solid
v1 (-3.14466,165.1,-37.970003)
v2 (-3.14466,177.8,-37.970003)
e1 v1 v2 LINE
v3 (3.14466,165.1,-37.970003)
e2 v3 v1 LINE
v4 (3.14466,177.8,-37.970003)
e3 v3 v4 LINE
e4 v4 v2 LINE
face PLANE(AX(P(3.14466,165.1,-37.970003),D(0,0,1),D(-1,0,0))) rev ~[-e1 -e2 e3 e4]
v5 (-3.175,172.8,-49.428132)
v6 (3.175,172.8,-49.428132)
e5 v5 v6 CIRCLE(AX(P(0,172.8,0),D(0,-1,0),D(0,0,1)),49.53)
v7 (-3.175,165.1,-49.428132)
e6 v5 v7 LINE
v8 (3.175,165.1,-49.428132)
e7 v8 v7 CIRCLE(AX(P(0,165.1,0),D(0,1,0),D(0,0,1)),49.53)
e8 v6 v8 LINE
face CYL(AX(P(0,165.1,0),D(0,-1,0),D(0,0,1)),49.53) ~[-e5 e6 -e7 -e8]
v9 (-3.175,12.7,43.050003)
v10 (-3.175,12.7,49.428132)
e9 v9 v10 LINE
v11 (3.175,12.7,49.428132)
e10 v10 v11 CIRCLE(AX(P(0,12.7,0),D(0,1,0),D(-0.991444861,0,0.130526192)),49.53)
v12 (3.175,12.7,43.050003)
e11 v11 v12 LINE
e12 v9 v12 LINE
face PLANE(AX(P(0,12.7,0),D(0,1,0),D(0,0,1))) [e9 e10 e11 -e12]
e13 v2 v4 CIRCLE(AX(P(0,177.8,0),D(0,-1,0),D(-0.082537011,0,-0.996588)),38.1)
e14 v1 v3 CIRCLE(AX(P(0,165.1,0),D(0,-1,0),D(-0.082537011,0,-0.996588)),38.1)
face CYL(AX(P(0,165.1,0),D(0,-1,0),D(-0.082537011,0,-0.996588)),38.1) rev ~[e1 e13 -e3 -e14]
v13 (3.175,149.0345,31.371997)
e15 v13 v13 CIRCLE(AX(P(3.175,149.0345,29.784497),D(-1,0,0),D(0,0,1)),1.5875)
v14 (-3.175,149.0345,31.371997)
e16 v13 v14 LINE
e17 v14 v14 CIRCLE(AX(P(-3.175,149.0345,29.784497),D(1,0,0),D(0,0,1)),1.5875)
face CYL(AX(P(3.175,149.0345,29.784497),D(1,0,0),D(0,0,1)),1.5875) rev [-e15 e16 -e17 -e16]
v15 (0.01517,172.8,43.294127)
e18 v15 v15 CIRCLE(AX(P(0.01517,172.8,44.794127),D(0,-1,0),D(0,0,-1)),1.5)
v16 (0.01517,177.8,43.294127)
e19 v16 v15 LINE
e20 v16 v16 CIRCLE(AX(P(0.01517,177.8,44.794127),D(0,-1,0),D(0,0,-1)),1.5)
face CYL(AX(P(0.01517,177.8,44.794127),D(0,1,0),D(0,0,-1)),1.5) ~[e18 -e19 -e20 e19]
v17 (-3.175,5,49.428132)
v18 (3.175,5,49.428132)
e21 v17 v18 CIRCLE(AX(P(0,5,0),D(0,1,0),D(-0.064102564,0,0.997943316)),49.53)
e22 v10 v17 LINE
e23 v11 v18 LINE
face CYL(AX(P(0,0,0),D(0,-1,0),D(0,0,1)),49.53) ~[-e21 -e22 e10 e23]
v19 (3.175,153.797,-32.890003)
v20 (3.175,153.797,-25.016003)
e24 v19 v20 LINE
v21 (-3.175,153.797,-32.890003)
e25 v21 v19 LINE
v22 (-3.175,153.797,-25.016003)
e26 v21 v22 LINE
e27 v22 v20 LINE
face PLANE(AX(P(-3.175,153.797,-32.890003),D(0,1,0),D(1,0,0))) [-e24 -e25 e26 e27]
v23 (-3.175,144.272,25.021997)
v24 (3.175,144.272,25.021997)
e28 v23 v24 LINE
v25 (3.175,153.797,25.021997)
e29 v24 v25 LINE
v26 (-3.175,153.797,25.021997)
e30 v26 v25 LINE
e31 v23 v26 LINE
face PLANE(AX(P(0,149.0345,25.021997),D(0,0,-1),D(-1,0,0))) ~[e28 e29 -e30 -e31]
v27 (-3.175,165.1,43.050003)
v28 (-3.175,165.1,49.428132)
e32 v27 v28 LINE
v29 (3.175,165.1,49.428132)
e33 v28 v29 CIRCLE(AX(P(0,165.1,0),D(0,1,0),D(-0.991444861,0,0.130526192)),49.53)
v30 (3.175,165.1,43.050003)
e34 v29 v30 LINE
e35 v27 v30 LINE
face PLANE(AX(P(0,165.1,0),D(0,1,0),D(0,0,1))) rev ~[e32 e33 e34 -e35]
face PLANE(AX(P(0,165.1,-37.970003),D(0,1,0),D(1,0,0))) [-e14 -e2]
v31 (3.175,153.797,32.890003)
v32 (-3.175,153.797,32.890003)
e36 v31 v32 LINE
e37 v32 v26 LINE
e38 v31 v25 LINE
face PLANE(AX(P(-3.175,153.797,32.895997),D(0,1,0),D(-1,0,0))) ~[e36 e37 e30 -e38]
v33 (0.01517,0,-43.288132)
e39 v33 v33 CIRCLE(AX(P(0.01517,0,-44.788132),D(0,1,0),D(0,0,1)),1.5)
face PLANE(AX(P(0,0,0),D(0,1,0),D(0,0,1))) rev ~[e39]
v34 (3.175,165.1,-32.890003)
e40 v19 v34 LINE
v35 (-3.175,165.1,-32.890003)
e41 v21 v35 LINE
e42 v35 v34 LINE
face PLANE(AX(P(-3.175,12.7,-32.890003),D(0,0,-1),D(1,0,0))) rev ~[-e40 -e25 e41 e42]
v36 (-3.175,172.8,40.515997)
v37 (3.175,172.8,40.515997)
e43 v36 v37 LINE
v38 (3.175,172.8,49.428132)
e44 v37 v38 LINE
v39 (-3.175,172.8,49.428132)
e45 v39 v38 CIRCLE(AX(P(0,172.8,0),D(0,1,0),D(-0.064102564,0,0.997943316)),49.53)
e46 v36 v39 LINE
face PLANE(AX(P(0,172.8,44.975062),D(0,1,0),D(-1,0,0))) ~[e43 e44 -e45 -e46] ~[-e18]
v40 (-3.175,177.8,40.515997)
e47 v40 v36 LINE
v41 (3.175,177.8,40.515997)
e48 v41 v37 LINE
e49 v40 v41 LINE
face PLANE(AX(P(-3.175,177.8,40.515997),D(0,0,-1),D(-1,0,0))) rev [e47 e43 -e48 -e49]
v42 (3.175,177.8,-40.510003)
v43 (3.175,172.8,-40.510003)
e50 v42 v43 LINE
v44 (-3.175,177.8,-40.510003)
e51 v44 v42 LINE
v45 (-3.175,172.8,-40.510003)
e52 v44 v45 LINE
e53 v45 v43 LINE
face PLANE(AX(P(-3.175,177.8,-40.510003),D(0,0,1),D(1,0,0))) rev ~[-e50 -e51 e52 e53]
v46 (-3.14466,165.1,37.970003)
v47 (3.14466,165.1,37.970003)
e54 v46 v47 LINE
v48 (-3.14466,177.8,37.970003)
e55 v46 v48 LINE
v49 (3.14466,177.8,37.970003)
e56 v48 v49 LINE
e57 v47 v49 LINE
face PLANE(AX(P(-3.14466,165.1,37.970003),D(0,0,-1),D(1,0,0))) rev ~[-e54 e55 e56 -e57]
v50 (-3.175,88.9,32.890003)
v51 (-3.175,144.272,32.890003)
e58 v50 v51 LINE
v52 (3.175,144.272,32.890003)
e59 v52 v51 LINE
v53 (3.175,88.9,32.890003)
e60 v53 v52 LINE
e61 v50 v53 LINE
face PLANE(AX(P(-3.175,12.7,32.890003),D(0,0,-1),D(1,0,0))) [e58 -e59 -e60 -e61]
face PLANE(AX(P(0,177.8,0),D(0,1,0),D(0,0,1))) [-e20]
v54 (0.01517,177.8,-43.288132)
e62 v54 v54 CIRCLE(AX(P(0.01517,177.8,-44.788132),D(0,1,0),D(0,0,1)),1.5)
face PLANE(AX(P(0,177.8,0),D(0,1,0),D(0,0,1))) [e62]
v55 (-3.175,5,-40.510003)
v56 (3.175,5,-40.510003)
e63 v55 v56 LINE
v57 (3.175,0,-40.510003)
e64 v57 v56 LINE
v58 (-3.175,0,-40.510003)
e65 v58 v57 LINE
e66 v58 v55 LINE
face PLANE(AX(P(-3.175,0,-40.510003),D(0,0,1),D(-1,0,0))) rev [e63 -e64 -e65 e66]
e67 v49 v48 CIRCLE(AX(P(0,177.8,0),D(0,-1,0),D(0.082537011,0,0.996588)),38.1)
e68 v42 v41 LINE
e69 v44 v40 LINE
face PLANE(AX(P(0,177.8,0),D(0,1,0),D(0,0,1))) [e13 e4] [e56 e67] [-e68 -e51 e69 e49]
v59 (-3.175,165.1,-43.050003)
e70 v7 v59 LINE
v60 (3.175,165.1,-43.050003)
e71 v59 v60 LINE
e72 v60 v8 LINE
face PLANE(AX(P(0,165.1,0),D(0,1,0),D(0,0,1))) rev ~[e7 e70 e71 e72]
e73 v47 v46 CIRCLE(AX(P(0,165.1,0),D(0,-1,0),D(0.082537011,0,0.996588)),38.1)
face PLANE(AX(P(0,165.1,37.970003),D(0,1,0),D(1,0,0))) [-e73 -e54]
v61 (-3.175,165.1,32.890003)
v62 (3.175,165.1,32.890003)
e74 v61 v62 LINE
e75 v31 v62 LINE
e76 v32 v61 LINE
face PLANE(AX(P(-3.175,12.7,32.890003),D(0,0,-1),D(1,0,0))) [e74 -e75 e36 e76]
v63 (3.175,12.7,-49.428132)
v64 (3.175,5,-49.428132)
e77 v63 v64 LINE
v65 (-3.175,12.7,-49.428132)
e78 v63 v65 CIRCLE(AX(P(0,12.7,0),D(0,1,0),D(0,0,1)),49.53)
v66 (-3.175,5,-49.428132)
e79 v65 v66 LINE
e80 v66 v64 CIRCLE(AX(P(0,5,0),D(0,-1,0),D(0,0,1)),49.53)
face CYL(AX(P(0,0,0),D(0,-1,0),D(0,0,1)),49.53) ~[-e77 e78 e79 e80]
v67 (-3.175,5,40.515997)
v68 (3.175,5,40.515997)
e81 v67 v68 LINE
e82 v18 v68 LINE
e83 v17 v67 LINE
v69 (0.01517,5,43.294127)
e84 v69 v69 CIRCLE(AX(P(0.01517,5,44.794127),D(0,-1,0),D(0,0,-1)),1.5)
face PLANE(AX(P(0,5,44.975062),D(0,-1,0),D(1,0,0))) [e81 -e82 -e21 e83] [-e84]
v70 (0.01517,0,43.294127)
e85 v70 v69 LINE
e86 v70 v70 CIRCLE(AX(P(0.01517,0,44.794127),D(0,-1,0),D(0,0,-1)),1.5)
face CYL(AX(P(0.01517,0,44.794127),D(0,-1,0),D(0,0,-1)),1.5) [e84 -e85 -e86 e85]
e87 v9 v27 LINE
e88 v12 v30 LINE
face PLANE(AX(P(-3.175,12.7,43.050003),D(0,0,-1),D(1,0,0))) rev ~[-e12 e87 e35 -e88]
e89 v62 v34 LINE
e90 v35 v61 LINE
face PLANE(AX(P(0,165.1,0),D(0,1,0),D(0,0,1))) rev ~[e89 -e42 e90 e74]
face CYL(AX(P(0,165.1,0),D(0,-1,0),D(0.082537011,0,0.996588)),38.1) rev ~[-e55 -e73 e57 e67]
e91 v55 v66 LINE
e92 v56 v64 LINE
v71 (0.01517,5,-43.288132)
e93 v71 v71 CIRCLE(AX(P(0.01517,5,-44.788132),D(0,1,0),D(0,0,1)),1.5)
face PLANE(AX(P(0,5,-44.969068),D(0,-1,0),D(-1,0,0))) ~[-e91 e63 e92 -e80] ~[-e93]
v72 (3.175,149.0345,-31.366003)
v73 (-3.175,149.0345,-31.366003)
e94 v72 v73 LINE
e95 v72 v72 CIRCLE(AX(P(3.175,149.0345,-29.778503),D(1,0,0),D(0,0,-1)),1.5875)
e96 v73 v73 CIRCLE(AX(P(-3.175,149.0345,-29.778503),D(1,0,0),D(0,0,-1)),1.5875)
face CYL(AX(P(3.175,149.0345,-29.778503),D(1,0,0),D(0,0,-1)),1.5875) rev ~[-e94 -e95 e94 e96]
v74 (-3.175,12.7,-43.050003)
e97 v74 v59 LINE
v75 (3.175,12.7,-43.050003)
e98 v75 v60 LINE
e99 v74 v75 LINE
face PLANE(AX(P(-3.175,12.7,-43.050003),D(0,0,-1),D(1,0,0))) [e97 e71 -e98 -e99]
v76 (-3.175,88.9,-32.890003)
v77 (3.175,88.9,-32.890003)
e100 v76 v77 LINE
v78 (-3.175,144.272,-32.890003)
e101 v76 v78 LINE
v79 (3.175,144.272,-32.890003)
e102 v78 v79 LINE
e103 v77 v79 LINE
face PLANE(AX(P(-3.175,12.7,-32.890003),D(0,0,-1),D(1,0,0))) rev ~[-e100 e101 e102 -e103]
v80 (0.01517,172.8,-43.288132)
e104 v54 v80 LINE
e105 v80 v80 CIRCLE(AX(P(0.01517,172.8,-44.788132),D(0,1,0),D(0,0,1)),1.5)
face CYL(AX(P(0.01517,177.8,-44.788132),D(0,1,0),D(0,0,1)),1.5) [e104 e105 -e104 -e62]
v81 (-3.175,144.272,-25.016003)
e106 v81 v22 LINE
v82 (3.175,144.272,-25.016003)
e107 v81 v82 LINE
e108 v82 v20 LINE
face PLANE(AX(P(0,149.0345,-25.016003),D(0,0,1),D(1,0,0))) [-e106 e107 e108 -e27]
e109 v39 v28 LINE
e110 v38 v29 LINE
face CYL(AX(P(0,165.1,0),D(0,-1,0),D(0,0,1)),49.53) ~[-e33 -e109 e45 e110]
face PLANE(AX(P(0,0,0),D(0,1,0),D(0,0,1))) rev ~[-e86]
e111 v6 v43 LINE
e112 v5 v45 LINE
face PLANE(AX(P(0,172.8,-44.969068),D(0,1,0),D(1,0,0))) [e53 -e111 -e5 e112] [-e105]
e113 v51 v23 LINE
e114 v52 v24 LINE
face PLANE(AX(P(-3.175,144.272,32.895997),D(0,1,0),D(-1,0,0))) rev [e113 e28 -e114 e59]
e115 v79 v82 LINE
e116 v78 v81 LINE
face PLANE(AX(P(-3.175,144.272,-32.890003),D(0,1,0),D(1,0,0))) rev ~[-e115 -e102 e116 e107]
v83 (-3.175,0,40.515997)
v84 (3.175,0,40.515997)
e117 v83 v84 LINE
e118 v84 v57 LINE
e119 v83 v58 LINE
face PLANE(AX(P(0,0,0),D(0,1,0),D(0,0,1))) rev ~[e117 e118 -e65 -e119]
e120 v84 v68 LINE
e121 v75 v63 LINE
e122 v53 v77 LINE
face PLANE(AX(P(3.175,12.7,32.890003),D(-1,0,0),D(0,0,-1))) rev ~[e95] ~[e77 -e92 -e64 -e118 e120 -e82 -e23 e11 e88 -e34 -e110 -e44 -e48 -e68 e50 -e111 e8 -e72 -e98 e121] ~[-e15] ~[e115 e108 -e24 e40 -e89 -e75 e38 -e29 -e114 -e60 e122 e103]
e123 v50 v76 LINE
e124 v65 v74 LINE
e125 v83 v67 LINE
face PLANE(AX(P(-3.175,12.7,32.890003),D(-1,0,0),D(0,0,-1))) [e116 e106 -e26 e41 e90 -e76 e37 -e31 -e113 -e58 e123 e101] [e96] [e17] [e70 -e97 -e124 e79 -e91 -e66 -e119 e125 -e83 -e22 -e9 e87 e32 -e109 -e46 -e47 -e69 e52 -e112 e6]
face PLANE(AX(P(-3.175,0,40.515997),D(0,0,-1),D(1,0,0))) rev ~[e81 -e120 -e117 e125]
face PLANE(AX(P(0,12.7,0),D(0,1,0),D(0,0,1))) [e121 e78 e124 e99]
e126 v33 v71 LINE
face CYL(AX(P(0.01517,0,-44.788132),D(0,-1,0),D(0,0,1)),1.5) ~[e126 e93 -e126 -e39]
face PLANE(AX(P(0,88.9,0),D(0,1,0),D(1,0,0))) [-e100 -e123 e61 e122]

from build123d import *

# Parameters (mm, degrees)
SKETCH1_R               = 49.53
SKETCH1_R_2             = 38.1
BOSS_EXTRUDE1_DEPTH     = 12.7
SKETCH4_W               = 6.35
SKETCH4_H               = 10.16
BOSS_EXTRUDE4_DEPTH     = 152.4
SKETCH6_R               = 49.53
BOSS_EXTRUDE8_DEPTH     = 12.7
CUT_EXTRUDE1_DEPTH      = 192.10018786
CUT_EXTRUDE1_DEPTH_BACK = 192.10018786
SKETCH8_W               = 6.35
SKETCH8_H               = 9.525
BOSS_EXTRUDE9_DEPTH     = 7.874
SKETCH9_R               = 1.5875
CUT_EXTRUDE2_DEPTH      = 192.831674819
SKETCH10_W              = 182.98458546
SKETCH10_H              = 212.101714012
CUT_EXTRUDE3_DEPTH      = 192.831674819
SKETCH13_W              = 128.016671202
SKETCH13_H              = 210.018995068
CUT_EXTRUDE4_DEPTH      = 191.199216379
SKETCH14_W              = 6.35
SKETCH14_H              = 8.918129625
SKETCH14_R              = 1.5
CUT_EXTRUDE5_DEPTH      = 5
SKETCH15_W              = 8.919843596
SKETCH15_H              = 5.203541281
CUT_EXTRUDE6_DEPTH      = 5
MIRROR4_COPY_1_SKETCH_W = 6.35
MIRROR4_COPY_1_SKETCH_H = 8.918129625
MIRROR4_COPY_1_SKETCH_R = 1.5
MIRROR4_COPY_1_DEPTH    = 5
MIRROR4_COPY_2_SKETCH_W = 8.919843596
MIRROR4_COPY_2_SKETCH_H = 5.203541281
MIRROR4_COPY_2_DEPTH    = 5
SKETCH16_W              = 6.35
SKETCH16_H              = 65.7800056
BOSS_EXTRUDE10_DEPTH    = 76.2


with BuildPart() as part:
    # Sketch1 → Boss-Extrude1 (new body)
    # profile 1 of 2: a face of its own
    with BuildSketch(Plane(origin=(0, 0, 0), x_dir=(1, 0, 0), z_dir=(0, 1, 0))):
        with Locations(Location((0, 0, 0), (0, 0, 270))):
            Circle(SKETCH1_R)
        Circle(SKETCH1_R_2, mode=Mode.SUBTRACT)
    # profile 2 of 2: a face of its own
    with BuildSketch(Plane(origin=(0, 0, 0), x_dir=(1, 0, 0), z_dir=(0, 1, 0))):
        with BuildLine():
            Line((-3.175, 37.967477859), (-3.175, -37.967477859))
            ThreePointArc((-3.175, -37.967477859), (0, -38.1), (3.175, -37.967477859))
            Line((3.175, -37.967477859), (3.175, 37.967477859))
            ThreePointArc((3.175, 37.967477859), (0, 38.1), (-3.175, 37.967477859))
        make_face()
    extrude(amount=BOSS_EXTRUDE1_DEPTH)

    # Sketch4 → Boss-Extrude4 (add)
    with BuildSketch(Plane(origin=(0, 12.7, 0), x_dir=(1, 0, 0), z_dir=(0, 1, 0))):
        with Locations((0, -37.9700028)):
            Rectangle(SKETCH4_W, SKETCH4_H)
        with Locations((0, 37.9700028)):
            Rectangle(SKETCH4_W, SKETCH4_H)
    extrude(amount=BOSS_EXTRUDE4_DEPTH)

    # Sketch6 → Boss-Extrude8 (add)
    with BuildSketch(Plane(origin=(0, 165.1, 0), x_dir=(1, 0, 0), z_dir=(0, 1, 0))):
        with Locations(Location((0, 0, 0), (0, 0, 270))):
            Circle(SKETCH6_R)
        with BuildLine():
            Line((-3.144660136, -37.9700028), (3.144660136, -37.9700028))
            ThreePointArc((3.144660136, -37.9700028), (0, -38.1), (-3.144660136, -37.9700028))
        make_face(mode=Mode.SUBTRACT)
        with BuildLine():
            Line((3.175, -37.967477859), (3.175, 37.967477859))
            ThreePointArc((3.175, 37.967477859), (38.1, 0), (3.175, -37.967477859))
        make_face(mode=Mode.SUBTRACT)
        with BuildLine():
            Line((3.144660136, 37.9700028), (-3.144660136, 37.9700028))
            ThreePointArc((-3.144660136, 37.9700028), (0, 38.1), (3.144660136, 37.9700028))
        make_face(mode=Mode.SUBTRACT)
        with BuildLine():
            Line((-3.175, 37.967477859), (-3.175, -37.967477859))
            ThreePointArc((-3.175, -37.967477859), (-38.1, 0), (-3.175, 37.967477859))
        make_face(mode=Mode.SUBTRACT)
    extrude(amount=BOSS_EXTRUDE8_DEPTH)

    # Sketch7 → Cut-Extrude1 (cut, two sides: drawn at the far end of the back side and taken through both)
    with BuildSketch(Plane.XZ.offset(-CUT_EXTRUDE1_DEPTH_BACK)):
        with BuildLine():
            Line((-49.106263984, -6.464962301), (-40.292319166, -5.304584452))
            ThreePointArc((-40.292319166, -5.304584452), (-40.64, 0), (-40.292319166, 5.304584452))
            Line((-40.292319166, 5.304584452), (-49.106263984, 6.464962301))
            ThreePointArc((-49.106263984, 6.464962301), (-49.53, 0), (-49.106263984, -6.464962301))
        make_face()
        with BuildLine():
            Line((40.292319166, -5.304584452), (49.106263984, -6.464962301))
            ThreePointArc((49.106263984, -6.464962301), (49.423952468, -3.239416991), (49.53, 0))
            ThreePointArc((49.53, 0), (49.423952468, 3.239416991), (49.106263984, 6.464962301))
            Line((49.106263984, 6.464962301), (40.292319166, 5.304584452))
            ThreePointArc((40.292319166, 5.304584452), (40.64, 0), (40.292319166, -5.304584452))
        make_face()
        with BuildLine():
            Line((37.774049218, -4.973047924), (40.292319166, -5.304584452))
            ThreePointArc((40.292319166, -5.304584452), (40.64, 0), (40.292319166, 5.304584452))
            Line((40.292319166, 5.304584452), (37.774049218, 4.973047924))
            ThreePointArc((37.774049218, 4.973047924), (38.1, 0), (37.774049218, -4.973047924))
        make_face()
        with BuildLine():
            Line((-40.292319166, -5.304584452), (-37.774049218, -4.973047924))
            ThreePointArc((-37.774049218, -4.973047924), (-38.1, 0), (-37.774049218, 4.973047924))
            Line((-37.774049218, 4.973047924), (-40.292319166, 5.304584452))
            ThreePointArc((-40.292319166, 5.304584452), (-40.64, 0), (-40.292319166, -5.304584452))
        make_face()
    extrude(amount=CUT_EXTRUDE1_DEPTH + CUT_EXTRUDE1_DEPTH_BACK, mode=Mode.SUBTRACT)

    # Sketch8 → Boss-Extrude9 (add)
    with BuildSketch(Plane.XY.offset(-32.8900028)):
        with Locations((0, 28.7655)):
            Rectangle(SKETCH8_W, SKETCH8_H)
        with Locations((0, 149.0345)):
            Rectangle(SKETCH8_W, SKETCH8_H)
    boss_extrude9 = extrude(amount=BOSS_EXTRUDE9_DEPTH)

    # Mirror1: Boss-Extrude9 across plane
    add(boss_extrude9.mirror(Plane.XY.offset(0.0029972)))

    # Sketch9 → Cut-Extrude2 (cut, through all)
    with BuildSketch(Plane(origin=(3.175, 0, 0), x_dir=(0, 0, -1), z_dir=(1, 0, 0))):
        with Locations((29.7785028, 28.7655)):
            Circle(SKETCH9_R)
        with Locations((29.7785028, 149.0345)):
            Circle(SKETCH9_R)
    cut_extrude2 = extrude(amount=-CUT_EXTRUDE2_DEPTH, mode=Mode.SUBTRACT)

    # Mirror2: Cut-Extrude2 across plane
    add(cut_extrude2.mirror(Plane.XY.offset(0.0029972)), mode=Mode.SUBTRACT)

    # Sketch10 → Cut-Extrude3 (cut, through all)
    with BuildSketch(Plane.ZY.offset(3.175)):
        with Locations((0.893156514, 95.768616586)):
            Rectangle(SKETCH10_W, SKETCH10_H)
    extrude(amount=CUT_EXTRUDE3_DEPTH, mode=Mode.SUBTRACT)

    # Sketch13 → Cut-Extrude4 (cut, through all)
    with BuildSketch(Plane(origin=(3.175, 0, 0), x_dir=(0, 0, -1), z_dir=(1, 0, 0))):
        with Locations((3.230681638, 97.01833452)):
            Rectangle(SKETCH13_W, SKETCH13_H)
    extrude(amount=CUT_EXTRUDE4_DEPTH, mode=Mode.SUBTRACT)

    # Sketch14 → Cut-Extrude5 (cut)
    with BuildSketch(Plane(origin=(0, 177.8, 0), x_dir=(1, 0, 0), z_dir=(0, 1, 0))):
        with Locations((0, 44.969067612)):
            Rectangle(SKETCH14_W, SKETCH14_H)
        with Locations(Location((0.015169932, 44.788132425, 0), (0, 0, 270))):
            Circle(SKETCH14_R, mode=Mode.SUBTRACT)
    cut_extrude5 = extrude(amount=-CUT_EXTRUDE5_DEPTH, mode=Mode.SUBTRACT)

    # Sketch15 → Cut-Extrude6 (cut)
    with BuildSketch(Plane(origin=(0, 172.8, 0), x_dir=(1, 0, 0), z_dir=(0, 1, 0))):
        with Locations((0.161262395, 49.49484543)):
            Rectangle(SKETCH15_W, SKETCH15_H)
    cut_extrude6 = extrude(amount=CUT_EXTRUDE6_DEPTH, mode=Mode.SUBTRACT)

    # Mirror3: Cut-Extrude5, Cut-Extrude6 across plane
    add(cut_extrude5.mirror(Plane.XY.offset(0.0029972)), mode=Mode.SUBTRACT)
    add(cut_extrude6.mirror(Plane.XY.offset(0.0029972)), mode=Mode.SUBTRACT)

    # Mirror4: Cut-Extrude5, Cut-Extrude6 across plane
    add(cut_extrude5.mirror(Plane(origin=(0, 88.9, 0), x_dir=(0, 0, 1), z_dir=(0, -1, 0))), mode=Mode.SUBTRACT)
    add(cut_extrude6.mirror(Plane(origin=(0, 88.9, 0), x_dir=(0, 0, 1), z_dir=(0, -1, 0))), mode=Mode.SUBTRACT)

    # Mirror4 copy 1 sketch → Mirror4 copy 1 (cut)
    with BuildSketch(Plane(origin=(0, 0, 0.0059944), x_dir=(1, 0, 0), z_dir=(0, -1, 0))):
        with Locations((0, 44.969067612)):
            Rectangle(MIRROR4_COPY_1_SKETCH_W, MIRROR4_COPY_1_SKETCH_H)
        with Locations(Location((0.015169932, 44.788132425, 0), (0, 0, 270))):
            Circle(MIRROR4_COPY_1_SKETCH_R, mode=Mode.SUBTRACT)
    extrude(amount=-MIRROR4_COPY_1_DEPTH, mode=Mode.SUBTRACT)

    # Mirror4 copy 2 sketch → Mirror4 copy 2 (cut)
    with BuildSketch(Plane(origin=(0, 5, 0.0059944), x_dir=(1, 0, 0), z_dir=(0, -1, 0))):
        with Locations((0.161262395, 49.49484543)):
            Rectangle(MIRROR4_COPY_2_SKETCH_W, MIRROR4_COPY_2_SKETCH_H)
    extrude(amount=MIRROR4_COPY_2_DEPTH, mode=Mode.SUBTRACT)

    # Sketch16 → Boss-Extrude10 (add)
    with BuildSketch(Plane(origin=(0, 12.7, 0), x_dir=(1, 0, 0), z_dir=(0, 1, 0))):
        Rectangle(SKETCH16_W, SKETCH16_H)
    extrude(amount=BOSS_EXTRUDE10_DEPTH)


solid = part.part
